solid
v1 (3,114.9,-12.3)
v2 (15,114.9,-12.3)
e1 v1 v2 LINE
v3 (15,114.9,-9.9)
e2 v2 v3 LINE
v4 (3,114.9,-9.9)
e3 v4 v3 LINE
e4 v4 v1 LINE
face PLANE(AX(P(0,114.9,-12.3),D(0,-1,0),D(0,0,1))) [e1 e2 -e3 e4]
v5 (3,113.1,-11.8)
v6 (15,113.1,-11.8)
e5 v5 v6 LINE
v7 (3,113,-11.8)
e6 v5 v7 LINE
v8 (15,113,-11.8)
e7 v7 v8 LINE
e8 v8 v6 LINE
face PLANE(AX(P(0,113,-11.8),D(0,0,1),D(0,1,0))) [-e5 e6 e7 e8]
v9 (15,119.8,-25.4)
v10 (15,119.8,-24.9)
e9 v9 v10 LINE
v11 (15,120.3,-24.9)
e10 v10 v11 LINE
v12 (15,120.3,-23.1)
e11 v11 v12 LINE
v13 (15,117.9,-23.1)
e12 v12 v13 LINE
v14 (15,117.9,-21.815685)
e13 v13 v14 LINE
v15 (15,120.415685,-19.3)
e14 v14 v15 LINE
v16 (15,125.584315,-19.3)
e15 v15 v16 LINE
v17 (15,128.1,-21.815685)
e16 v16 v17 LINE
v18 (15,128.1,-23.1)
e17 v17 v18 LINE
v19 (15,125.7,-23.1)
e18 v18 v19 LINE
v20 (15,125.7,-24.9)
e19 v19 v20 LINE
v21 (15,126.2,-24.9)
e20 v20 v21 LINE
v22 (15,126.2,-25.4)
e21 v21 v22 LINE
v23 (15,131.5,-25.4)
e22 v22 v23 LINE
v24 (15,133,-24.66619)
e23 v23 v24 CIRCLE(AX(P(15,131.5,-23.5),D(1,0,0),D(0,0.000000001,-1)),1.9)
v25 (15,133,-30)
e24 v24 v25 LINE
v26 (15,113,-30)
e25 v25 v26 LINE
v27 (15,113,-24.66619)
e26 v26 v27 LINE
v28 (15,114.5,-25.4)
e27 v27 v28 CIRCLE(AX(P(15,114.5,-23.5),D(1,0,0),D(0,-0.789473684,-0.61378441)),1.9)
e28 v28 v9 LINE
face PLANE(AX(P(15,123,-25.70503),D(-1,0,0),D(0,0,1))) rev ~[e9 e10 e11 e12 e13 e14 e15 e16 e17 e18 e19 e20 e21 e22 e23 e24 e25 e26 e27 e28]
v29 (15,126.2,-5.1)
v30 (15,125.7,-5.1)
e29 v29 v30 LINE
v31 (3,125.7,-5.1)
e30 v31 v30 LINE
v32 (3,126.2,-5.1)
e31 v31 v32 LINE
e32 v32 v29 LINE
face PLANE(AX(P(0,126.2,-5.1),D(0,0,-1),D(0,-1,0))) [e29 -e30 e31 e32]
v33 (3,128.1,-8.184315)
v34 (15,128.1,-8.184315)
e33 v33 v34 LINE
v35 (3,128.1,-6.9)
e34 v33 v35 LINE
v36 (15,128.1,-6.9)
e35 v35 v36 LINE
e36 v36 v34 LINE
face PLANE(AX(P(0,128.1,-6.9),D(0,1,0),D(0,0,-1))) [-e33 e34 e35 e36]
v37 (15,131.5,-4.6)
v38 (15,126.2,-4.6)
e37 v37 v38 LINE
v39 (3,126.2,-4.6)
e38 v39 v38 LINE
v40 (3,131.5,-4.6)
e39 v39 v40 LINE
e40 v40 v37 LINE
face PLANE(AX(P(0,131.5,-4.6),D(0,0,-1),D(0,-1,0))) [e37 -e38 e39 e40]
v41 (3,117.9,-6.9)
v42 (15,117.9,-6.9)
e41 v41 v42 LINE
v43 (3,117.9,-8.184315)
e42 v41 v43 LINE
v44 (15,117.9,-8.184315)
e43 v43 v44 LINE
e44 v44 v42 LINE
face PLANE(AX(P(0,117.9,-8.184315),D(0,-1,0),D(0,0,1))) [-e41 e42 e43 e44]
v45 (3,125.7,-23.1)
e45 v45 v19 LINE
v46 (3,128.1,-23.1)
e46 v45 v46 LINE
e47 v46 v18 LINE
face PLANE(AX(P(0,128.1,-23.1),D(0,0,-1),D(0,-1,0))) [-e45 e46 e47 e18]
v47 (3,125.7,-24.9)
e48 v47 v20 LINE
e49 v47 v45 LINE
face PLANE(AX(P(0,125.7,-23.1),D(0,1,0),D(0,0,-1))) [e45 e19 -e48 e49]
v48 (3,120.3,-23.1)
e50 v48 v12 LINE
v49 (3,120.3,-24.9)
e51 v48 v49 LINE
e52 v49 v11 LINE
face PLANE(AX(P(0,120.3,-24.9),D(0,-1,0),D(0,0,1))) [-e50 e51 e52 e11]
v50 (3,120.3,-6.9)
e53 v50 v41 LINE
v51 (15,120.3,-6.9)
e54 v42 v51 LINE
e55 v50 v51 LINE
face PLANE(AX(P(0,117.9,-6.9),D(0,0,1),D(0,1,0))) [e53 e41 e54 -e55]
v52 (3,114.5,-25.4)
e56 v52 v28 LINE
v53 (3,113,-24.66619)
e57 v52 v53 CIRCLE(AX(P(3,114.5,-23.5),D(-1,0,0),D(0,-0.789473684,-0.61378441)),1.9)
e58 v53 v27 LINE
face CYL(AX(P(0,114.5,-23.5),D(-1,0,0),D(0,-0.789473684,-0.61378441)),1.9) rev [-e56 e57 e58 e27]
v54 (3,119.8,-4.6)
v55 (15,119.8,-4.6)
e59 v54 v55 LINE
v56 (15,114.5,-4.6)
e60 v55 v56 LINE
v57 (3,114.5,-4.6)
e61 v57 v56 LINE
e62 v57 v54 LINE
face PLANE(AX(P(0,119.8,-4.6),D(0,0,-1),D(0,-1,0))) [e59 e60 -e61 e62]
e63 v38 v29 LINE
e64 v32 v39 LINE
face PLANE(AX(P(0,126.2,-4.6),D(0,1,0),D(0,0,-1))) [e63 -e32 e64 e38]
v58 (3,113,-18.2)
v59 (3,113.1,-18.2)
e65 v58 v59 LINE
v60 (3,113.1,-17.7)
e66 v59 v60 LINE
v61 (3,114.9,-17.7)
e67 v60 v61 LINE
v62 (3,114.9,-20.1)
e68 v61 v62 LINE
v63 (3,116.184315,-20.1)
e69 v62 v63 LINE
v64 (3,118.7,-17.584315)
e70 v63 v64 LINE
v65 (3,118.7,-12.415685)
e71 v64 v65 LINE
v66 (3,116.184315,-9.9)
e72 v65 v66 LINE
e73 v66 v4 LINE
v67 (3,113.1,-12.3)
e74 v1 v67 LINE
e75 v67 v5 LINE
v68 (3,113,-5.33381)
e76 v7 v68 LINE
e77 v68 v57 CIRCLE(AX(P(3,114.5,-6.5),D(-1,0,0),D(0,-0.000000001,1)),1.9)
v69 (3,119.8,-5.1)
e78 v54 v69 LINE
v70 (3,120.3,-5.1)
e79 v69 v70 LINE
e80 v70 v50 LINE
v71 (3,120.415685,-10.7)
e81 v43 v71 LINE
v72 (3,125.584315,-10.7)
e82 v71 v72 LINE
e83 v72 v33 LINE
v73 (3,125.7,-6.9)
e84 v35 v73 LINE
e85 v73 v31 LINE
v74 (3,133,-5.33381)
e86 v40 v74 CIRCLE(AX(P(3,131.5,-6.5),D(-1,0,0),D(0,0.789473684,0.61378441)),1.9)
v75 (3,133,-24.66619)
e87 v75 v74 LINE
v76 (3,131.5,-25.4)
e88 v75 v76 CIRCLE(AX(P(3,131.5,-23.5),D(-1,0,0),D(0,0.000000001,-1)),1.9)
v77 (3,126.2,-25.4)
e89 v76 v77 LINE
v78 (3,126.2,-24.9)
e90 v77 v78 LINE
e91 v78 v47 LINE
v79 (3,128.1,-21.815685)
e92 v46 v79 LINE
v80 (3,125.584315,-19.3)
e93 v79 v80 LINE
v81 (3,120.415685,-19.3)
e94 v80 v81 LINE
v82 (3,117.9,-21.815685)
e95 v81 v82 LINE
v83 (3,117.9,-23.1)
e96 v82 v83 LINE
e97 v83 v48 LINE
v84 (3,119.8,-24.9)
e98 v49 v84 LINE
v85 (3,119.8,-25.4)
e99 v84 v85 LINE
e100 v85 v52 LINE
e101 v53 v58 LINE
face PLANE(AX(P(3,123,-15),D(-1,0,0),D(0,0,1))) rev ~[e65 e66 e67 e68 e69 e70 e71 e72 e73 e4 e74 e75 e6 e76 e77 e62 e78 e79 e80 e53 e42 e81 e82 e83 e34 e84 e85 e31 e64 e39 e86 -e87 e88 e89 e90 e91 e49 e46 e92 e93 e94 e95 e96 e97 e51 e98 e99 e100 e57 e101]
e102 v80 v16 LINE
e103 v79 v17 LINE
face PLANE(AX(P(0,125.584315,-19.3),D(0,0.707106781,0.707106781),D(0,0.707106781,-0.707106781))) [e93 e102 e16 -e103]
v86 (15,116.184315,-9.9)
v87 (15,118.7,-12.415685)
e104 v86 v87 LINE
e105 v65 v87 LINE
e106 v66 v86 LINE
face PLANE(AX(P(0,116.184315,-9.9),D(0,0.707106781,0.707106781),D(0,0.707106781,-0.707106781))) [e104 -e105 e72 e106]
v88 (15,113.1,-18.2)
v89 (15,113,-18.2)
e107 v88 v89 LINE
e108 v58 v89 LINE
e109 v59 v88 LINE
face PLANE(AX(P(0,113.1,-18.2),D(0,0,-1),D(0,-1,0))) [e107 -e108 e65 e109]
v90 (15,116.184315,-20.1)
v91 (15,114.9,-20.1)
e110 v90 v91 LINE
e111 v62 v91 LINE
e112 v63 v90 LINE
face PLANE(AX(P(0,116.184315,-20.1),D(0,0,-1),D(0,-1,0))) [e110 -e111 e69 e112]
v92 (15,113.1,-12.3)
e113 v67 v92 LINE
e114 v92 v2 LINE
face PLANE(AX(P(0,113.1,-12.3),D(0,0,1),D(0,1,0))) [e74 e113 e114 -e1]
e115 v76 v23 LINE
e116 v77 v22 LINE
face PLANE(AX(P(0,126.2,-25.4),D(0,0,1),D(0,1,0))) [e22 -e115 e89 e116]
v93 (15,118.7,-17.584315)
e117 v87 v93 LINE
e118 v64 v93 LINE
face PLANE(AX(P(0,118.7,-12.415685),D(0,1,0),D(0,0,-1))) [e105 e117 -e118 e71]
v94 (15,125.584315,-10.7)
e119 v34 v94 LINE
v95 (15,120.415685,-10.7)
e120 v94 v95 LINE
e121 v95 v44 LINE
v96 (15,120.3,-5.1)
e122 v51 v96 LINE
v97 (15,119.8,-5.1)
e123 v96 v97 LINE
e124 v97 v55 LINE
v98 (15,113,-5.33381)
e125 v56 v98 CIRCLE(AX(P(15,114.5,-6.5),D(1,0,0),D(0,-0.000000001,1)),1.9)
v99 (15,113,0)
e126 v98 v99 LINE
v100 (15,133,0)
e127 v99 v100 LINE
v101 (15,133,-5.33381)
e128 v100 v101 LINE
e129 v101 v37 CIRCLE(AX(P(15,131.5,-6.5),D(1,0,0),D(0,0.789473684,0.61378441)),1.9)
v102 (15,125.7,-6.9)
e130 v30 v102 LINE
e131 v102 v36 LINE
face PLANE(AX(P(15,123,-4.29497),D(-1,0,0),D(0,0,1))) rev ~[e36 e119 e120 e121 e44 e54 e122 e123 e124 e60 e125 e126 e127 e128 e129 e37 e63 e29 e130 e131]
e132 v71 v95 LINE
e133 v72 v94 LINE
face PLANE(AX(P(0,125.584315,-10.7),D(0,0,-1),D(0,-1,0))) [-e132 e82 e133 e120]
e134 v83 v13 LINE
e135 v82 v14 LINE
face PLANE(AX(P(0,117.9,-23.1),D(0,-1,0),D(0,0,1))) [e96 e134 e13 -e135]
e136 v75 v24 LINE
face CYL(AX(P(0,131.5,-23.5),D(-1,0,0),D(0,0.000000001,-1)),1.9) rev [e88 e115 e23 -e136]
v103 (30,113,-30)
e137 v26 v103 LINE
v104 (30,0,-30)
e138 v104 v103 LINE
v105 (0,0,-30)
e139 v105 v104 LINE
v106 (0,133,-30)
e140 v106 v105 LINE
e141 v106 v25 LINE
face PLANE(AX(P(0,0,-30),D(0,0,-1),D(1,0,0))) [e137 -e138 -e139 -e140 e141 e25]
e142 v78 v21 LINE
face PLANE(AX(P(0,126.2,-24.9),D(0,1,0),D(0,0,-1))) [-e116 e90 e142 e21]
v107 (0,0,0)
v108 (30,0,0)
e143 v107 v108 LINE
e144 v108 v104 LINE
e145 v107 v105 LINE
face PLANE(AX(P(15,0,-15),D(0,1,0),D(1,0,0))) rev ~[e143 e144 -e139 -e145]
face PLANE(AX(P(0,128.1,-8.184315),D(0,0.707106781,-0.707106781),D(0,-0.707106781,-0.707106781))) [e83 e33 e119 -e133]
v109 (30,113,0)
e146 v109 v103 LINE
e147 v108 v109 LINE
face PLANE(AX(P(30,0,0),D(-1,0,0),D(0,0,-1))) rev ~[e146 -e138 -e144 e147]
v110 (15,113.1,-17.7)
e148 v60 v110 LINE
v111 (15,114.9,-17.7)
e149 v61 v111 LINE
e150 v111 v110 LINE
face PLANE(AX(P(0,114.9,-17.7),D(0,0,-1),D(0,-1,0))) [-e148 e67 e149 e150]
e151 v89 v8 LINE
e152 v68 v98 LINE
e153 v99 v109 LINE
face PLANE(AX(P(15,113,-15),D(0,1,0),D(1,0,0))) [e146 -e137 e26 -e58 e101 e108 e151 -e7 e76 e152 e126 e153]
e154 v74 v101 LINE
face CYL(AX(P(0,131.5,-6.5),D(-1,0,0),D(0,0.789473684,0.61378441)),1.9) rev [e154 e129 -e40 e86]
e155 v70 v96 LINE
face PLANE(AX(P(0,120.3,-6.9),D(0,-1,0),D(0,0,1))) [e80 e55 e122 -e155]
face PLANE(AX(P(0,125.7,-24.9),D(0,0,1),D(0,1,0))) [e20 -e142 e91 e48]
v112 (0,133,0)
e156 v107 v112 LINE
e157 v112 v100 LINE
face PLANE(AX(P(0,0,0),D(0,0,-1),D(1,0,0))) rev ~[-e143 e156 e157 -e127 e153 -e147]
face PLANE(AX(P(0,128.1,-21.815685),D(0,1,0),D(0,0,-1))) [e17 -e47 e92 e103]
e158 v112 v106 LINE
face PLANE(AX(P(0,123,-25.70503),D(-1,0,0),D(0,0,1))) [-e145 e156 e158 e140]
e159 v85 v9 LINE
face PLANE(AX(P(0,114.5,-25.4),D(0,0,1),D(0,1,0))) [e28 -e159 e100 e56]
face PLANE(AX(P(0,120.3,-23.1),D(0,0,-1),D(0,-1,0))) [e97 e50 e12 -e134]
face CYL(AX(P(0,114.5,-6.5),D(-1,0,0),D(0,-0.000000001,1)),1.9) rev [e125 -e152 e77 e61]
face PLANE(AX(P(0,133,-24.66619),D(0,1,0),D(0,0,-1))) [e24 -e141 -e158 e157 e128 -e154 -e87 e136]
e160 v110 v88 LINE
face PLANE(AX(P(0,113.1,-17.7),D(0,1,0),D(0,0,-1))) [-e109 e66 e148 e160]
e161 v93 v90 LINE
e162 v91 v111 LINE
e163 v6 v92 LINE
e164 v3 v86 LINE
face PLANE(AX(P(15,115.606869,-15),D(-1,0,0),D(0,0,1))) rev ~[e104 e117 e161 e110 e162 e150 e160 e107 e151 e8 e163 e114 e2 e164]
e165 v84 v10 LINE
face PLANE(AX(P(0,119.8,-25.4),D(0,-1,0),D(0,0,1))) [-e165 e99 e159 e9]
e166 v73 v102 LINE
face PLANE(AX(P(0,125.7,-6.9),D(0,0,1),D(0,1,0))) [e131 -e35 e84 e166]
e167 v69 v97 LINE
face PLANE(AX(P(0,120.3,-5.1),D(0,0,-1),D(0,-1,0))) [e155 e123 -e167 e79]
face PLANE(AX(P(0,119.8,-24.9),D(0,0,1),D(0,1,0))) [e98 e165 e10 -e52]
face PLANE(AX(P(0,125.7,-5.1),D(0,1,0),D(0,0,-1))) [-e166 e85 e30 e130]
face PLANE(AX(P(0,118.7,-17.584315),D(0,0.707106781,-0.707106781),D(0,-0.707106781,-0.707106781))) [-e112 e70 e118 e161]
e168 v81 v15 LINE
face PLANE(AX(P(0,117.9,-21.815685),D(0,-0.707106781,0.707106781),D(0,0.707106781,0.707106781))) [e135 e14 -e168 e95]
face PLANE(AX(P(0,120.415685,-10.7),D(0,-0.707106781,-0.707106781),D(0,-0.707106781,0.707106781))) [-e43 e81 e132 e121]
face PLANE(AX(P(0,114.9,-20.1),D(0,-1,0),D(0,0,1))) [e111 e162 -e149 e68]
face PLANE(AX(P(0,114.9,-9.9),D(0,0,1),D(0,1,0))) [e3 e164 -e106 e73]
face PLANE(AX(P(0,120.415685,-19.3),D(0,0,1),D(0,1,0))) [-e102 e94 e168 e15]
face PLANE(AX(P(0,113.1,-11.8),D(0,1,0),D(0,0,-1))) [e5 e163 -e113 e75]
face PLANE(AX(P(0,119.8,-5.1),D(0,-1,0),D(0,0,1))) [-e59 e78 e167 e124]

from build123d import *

# Parameters (mm, degrees)
SKETCH_2_W      = 30
SKETCH_2_H      = 30
EXTRUDE_1_DEPTH = 113
EXTRUDE_2_DEPTH = 15
SKETCH_4_W      = 30
SKETCH_4_H      = 20
EXTRUDE_4_DEPTH = 3


with BuildPart() as part:
    # 草图2 → 凸台-拉伸1 (new body)
    with BuildSketch(Plane(origin=(0, 0, 0), x_dir=(1, 0, 0), z_dir=(0, 1, 0))):
        with Locations((15, 15)):
            Rectangle(SKETCH_2_W, SKETCH_2_H)
    extrude(amount=EXTRUDE_1_DEPTH)

    # 草图3 → 凸台-拉伸2 (add)
    with BuildSketch(Plane.ZY):
        with BuildLine():
            Line((-30, 113), (-24.666190379, 113))
            ThreePointArc((-24.666190379, 113), (-25.206716397, 113.665063392), (-25.4, 114.5))
            Line((-25.4, 114.5), (-25.4, 119.8))
            Line((-25.4, 119.8), (-24.9, 119.8))
            Line((-24.9, 119.8), (-24.9, 120.3))
            Line((-24.9, 120.3), (-23.1, 120.3))
            Line((-23.1, 120.3), (-23.1, 117.9))
            Line((-23.1, 117.9), (-21.815685425, 117.9))
            Line((-21.815685425, 117.9), (-19.3, 120.415685425))
            Line((-19.3, 120.415685425), (-19.3, 125.584314575))
            Line((-19.3, 125.584314575), (-21.815685425, 128.1))
            Line((-21.815685425, 128.1), (-23.1, 128.1))
            Line((-23.1, 128.1), (-23.1, 125.7))
            Line((-23.1, 125.7), (-24.9, 125.7))
            Line((-24.9, 125.7), (-24.9, 126.2))
            Line((-24.9, 126.2), (-25.4, 126.2))
            Line((-25.4, 126.2), (-25.4, 131.5))
            ThreePointArc((-25.4, 131.5), (-25.206716397, 132.334936608), (-24.666190379, 133))
            Line((-24.666190379, 133), (-30, 133))
            Line((-30, 133), (-30, 113))
        make_face()
        Polygon((-18.2, 113.1), (-18.2, 113), (-11.8, 113), (-11.8, 113.1), (-12.3, 113.1), (-12.3, 114.9), (-9.9, 114.9), (-9.9, 116.184314575), (-12.415685425, 118.7), (-17.584314575, 118.7), (-20.1, 116.184314575), (-20.1, 114.9), (-17.7, 114.9), (-17.7, 113.1), align=None)
        with BuildLine():
            ThreePointArc((-4.6, 114.5), (-4.793283603, 113.665063392), (-5.333809621, 113))
            Line((-5.333809621, 113), (0, 113))
            Line((0, 113), (0, 133))
            Line((0, 133), (-5.333809621, 133))
            ThreePointArc((-5.333809621, 133), (-4.793283603, 132.334936608), (-4.6, 131.5))
            Line((-4.6, 131.5), (-4.6, 126.2))
            Line((-4.6, 126.2), (-5.1, 126.2))
            Line((-5.1, 126.2), (-5.1, 125.7))
            Line((-5.1, 125.7), (-6.9, 125.7))
            Line((-6.9, 125.7), (-6.9, 128.1))
            Line((-6.9, 128.1), (-8.184314575, 128.1))
            Line((-8.184314575, 128.1), (-10.7, 125.584314575))
            Line((-10.7, 125.584314575), (-10.7, 120.415685425))
            Line((-10.7, 120.415685425), (-8.184314575, 117.9))
            Line((-8.184314575, 117.9), (-6.9, 117.9))
            Line((-6.9, 117.9), (-6.9, 120.3))
            Line((-6.9, 120.3), (-5.1, 120.3))
            Line((-5.1, 120.3), (-5.1, 119.8))
            Line((-5.1, 119.8), (-4.6, 119.8))
            Line((-4.6, 119.8), (-4.6, 114.5))
        make_face()
    extrude(amount=-EXTRUDE_2_DEPTH)

    # 草图4 → 凸台-拉伸4 (add)
    with BuildSketch(Plane.ZY):
        with Locations((-15, 123)):
            Rectangle(SKETCH_4_W, SKETCH_4_H)
    extrude(amount=-EXTRUDE_4_DEPTH)


solid = part.part
